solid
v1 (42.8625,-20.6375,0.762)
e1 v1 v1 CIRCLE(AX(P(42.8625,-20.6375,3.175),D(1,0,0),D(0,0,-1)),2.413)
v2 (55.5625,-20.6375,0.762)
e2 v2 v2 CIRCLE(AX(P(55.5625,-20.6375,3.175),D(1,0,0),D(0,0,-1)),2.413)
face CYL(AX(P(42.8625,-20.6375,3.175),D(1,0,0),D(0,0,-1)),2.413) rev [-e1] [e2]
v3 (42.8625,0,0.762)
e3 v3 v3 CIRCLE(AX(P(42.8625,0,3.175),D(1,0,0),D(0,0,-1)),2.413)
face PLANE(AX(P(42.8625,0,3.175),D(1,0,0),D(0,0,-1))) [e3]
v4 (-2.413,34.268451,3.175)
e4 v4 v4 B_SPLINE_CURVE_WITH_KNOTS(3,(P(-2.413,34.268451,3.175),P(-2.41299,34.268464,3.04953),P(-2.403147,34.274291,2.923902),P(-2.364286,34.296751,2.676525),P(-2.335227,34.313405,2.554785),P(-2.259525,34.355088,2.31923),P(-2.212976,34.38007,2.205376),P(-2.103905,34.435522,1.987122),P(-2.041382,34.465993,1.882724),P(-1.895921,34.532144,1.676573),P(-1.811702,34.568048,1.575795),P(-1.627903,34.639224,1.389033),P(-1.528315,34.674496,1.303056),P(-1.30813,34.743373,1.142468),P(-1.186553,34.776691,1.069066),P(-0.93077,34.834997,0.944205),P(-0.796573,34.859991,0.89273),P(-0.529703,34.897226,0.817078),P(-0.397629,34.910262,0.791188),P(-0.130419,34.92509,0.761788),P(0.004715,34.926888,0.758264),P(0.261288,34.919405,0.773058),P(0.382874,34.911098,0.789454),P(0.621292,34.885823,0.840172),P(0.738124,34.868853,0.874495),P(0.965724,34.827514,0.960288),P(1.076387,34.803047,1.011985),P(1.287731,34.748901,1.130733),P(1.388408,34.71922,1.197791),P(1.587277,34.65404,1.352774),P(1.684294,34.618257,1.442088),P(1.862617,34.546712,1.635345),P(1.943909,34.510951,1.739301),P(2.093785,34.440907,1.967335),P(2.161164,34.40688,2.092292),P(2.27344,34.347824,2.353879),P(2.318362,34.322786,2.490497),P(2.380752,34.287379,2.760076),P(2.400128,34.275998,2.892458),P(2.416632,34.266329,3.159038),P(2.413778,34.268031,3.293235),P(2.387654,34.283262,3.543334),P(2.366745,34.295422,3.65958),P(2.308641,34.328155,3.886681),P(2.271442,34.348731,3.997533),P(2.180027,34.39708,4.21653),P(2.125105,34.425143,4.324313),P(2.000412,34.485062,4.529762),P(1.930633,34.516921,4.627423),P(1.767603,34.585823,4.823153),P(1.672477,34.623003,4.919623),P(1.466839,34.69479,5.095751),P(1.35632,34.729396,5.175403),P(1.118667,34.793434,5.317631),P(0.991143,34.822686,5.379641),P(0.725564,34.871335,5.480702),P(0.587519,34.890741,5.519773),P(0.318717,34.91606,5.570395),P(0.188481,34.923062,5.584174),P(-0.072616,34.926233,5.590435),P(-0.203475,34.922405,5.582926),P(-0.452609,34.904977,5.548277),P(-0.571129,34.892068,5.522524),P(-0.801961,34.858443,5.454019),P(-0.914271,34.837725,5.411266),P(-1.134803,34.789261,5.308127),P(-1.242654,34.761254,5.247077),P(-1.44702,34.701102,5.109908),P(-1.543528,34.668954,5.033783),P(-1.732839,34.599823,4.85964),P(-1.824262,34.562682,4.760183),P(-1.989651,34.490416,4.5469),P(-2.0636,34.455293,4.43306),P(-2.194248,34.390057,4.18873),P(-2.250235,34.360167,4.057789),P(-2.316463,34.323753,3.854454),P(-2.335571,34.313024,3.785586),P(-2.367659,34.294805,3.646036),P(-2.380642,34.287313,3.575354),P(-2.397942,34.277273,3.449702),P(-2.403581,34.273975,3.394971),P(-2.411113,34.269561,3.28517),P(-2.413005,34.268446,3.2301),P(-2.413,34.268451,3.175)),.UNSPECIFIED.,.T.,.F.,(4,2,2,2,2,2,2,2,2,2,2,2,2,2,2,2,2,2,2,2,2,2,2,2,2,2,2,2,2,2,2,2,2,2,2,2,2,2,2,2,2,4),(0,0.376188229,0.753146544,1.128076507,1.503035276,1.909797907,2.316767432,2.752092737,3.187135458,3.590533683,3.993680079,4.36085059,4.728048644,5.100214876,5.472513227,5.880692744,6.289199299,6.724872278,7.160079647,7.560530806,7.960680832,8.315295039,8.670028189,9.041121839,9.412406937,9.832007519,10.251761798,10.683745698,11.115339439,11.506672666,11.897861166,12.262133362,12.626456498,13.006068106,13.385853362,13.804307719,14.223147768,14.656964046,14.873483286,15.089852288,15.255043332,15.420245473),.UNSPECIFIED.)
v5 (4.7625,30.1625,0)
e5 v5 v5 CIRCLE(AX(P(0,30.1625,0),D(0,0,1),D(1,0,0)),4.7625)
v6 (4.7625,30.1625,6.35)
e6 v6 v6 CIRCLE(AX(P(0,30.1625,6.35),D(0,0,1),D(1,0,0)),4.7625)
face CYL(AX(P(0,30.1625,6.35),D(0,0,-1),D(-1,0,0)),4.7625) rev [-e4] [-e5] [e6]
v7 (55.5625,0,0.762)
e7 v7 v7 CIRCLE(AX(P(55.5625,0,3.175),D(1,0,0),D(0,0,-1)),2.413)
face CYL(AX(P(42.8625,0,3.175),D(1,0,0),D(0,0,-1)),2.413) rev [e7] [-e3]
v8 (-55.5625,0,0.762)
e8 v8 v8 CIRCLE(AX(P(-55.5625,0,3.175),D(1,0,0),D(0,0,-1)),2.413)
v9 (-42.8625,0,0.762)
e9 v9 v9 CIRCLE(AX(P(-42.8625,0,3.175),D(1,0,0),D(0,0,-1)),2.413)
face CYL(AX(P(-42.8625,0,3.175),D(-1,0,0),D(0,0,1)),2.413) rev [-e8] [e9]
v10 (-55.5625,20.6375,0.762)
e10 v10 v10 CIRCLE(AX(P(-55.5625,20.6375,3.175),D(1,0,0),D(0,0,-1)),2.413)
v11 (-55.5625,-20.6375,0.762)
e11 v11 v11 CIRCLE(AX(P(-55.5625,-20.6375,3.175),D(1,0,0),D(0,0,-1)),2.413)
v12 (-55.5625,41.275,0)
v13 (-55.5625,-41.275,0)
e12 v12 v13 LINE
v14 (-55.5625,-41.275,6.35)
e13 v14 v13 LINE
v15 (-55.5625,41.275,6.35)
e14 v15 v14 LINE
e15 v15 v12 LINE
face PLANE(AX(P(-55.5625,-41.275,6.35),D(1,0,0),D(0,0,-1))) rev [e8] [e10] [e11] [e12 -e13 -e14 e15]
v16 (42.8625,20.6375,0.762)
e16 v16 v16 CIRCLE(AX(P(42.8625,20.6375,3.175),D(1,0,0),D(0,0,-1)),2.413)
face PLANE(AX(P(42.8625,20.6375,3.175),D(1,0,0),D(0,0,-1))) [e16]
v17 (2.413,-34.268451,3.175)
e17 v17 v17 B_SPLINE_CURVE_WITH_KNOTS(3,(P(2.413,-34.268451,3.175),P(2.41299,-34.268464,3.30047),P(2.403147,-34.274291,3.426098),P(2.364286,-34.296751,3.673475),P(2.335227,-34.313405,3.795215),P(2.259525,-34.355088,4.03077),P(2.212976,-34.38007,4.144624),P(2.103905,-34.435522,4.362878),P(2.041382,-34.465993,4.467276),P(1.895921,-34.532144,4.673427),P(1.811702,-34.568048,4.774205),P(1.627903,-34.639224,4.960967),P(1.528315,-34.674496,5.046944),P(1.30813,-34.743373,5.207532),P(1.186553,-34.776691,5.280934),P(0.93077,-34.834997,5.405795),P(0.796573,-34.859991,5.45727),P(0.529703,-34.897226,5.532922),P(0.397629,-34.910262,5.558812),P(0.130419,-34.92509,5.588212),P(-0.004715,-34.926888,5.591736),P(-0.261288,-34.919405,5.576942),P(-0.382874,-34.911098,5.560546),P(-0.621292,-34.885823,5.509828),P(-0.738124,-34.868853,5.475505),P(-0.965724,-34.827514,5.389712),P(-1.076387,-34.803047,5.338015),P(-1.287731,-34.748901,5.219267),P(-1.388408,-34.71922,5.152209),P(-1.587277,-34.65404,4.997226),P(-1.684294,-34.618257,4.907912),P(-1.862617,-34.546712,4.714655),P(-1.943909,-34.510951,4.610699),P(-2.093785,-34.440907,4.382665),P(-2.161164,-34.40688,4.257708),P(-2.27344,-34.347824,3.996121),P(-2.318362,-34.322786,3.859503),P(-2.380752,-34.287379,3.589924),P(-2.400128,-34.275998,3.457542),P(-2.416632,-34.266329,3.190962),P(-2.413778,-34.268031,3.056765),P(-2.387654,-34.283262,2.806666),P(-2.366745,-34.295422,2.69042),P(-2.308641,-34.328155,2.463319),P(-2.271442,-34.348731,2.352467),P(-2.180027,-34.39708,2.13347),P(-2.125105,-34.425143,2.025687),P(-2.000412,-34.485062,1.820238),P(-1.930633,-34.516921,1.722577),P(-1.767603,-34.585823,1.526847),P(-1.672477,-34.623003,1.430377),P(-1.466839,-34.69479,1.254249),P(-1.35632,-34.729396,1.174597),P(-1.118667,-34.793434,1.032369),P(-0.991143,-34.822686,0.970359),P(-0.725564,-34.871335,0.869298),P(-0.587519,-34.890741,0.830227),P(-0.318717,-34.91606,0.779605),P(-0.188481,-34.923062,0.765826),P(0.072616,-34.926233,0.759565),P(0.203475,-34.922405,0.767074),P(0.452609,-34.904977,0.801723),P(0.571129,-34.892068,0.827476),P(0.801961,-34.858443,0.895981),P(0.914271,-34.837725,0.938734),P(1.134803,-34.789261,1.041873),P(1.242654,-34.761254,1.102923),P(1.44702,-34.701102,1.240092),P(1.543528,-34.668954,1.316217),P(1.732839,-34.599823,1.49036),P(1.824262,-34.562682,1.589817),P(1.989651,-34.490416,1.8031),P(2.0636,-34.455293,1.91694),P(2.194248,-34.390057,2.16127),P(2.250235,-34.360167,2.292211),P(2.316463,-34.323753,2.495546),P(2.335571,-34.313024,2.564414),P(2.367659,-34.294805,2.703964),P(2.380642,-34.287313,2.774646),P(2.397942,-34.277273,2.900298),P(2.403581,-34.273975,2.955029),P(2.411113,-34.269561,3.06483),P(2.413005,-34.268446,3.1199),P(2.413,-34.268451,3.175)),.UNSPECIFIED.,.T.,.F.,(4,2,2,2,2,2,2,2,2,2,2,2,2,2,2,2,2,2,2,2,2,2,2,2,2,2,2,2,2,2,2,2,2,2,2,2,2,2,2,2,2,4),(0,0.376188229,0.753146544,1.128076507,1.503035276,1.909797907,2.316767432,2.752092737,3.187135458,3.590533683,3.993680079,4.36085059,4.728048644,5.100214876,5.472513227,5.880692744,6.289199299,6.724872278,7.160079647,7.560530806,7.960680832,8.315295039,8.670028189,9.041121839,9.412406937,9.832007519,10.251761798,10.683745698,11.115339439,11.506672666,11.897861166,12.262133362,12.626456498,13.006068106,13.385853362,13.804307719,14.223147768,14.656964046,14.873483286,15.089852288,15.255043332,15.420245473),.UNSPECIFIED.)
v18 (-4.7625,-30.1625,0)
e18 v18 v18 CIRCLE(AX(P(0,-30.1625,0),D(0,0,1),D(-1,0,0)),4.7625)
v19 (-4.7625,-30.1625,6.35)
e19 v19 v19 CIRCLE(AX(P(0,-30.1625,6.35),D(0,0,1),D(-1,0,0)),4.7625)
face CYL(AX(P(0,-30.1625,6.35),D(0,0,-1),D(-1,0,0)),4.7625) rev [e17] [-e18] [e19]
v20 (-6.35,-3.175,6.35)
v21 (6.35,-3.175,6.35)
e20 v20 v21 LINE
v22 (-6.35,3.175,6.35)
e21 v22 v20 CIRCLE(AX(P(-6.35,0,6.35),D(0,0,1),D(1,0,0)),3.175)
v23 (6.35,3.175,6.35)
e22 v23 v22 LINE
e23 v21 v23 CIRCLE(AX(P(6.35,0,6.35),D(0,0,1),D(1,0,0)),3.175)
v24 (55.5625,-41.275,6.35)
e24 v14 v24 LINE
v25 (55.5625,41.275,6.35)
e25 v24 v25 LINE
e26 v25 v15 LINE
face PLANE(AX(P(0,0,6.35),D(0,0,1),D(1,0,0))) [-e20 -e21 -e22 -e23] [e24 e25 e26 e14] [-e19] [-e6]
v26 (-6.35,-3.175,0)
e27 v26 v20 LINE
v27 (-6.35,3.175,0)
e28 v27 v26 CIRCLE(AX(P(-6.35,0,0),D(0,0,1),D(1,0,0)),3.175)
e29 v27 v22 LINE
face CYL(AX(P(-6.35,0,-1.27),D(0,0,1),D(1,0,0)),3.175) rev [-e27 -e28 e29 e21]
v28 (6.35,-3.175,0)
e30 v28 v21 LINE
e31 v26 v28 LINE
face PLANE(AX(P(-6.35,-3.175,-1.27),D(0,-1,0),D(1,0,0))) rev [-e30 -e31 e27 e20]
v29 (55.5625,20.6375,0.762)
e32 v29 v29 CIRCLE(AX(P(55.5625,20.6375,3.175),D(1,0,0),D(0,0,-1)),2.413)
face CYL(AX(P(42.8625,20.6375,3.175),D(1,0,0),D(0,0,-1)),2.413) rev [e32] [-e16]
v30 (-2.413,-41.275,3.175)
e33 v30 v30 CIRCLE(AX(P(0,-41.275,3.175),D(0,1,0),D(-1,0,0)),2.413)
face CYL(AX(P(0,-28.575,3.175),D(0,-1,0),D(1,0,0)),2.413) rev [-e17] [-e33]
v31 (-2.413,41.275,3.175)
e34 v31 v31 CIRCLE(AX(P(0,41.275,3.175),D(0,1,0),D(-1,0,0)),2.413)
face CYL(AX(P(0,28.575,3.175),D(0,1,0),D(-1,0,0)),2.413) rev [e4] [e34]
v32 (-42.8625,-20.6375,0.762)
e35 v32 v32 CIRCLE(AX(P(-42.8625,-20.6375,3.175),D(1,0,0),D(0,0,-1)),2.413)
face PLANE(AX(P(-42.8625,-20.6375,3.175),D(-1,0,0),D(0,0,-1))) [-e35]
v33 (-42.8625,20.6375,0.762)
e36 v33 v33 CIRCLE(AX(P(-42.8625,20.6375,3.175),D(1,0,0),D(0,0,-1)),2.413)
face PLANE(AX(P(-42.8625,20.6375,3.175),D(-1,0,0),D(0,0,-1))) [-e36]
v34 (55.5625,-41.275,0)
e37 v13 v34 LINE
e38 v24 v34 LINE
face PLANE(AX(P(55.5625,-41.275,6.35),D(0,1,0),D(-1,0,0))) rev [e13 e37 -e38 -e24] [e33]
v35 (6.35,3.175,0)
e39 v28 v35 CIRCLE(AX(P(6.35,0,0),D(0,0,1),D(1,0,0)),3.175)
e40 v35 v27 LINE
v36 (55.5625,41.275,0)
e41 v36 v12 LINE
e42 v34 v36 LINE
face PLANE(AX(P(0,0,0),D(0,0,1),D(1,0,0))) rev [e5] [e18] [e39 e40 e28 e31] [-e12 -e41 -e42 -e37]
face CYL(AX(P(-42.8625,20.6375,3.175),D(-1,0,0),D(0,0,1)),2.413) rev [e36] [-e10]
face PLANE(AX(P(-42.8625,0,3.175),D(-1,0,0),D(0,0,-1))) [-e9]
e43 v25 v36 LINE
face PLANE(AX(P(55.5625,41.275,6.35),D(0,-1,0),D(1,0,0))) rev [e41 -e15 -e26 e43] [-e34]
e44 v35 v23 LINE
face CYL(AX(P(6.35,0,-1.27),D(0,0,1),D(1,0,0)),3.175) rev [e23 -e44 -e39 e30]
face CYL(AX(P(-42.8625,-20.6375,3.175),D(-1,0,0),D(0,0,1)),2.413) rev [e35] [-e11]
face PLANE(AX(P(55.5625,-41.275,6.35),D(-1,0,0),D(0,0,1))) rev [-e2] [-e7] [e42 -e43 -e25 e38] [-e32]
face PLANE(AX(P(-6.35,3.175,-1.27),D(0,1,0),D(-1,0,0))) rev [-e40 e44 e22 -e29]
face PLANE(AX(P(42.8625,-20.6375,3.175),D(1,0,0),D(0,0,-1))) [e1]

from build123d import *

# Parameters (mm, degrees)
SKETCH1_W           = 111.125
SKETCH1_H           = 82.55
SKETCH1_R           = 4.7625
BOSS_EXTRUDE1_DEPTH = 6.35
SKETCH2_R           = 2.413
CUT_EXTRUDE1_DEPTH  = 12.7
SKETCH3_R           = 2.413
CUT_EXTRUDE2_DEPTH  = 12.7
CUT_EXTRUDE3_DEPTH  = 7.62


with BuildPart() as part:
    # Sketch1 → Boss-Extrude1 (new body)
    with BuildSketch(Plane.XY):
        Rectangle(SKETCH1_W, SKETCH1_H)
        with Locations((0, 30.1625)):
            Circle(SKETCH1_R, mode=Mode.SUBTRACT)
        with Locations(Location((0, -30.1625, 0), (0, 0, 180))):
            Circle(SKETCH1_R, mode=Mode.SUBTRACT)
    extrude(amount=BOSS_EXTRUDE1_DEPTH)

    # Sketch2 → Cut-Extrude1 (cut)
    with BuildSketch(Plane(origin=(55.5625, 0, 0), x_dir=(0, 0, -1), z_dir=(1, 0, 0))):
        with Locations((-3.175, 20.6375)):
            Circle(SKETCH2_R)
        with Locations((-3.175, 0)):
            Circle(SKETCH2_R)
        with Locations((-3.175, -20.6375)):
            Circle(SKETCH2_R)
    cut_extrude1 = extrude(amount=-CUT_EXTRUDE1_DEPTH, mode=Mode.SUBTRACT)

    # Mirror1: Cut-Extrude1 across plane
    add(cut_extrude1.mirror(Plane(origin=(0, 0, 0), x_dir=(0, 0, 1), z_dir=(1, 0, 0))), mode=Mode.SUBTRACT)

    # Sketch3 → Cut-Extrude2 (cut)
    with BuildSketch(Plane(origin=(0, 41.275, 0), x_dir=(1, 0, 0), z_dir=(0, 1, 0))):
        with Locations(Location((0, -3.175, 0), (0, 0, 180))):
            Circle(SKETCH3_R)
    cut_extrude2 = extrude(amount=-CUT_EXTRUDE2_DEPTH, mode=Mode.SUBTRACT)

    # Mirror2: Cut-Extrude2 across plane
    add(cut_extrude2.mirror(Plane.ZX), mode=Mode.SUBTRACT)

    # Sketch4 → Cut-Extrude3 (cut)
    with BuildSketch(Plane.XY.offset(6.35)):
        with BuildLine():
            Line((-6.35, 3.175), (6.35, 3.175))
            ThreePointArc((6.35, 3.175), (9.525, 0), (6.35, -3.175))
            Line((6.35, -3.175), (-6.35, -3.175))
            ThreePointArc((-6.35, -3.175), (-9.525, 0), (-6.35, 3.175))
        make_face()
    extrude(amount=-CUT_EXTRUDE3_DEPTH, mode=Mode.SUBTRACT)


solid = part.part
